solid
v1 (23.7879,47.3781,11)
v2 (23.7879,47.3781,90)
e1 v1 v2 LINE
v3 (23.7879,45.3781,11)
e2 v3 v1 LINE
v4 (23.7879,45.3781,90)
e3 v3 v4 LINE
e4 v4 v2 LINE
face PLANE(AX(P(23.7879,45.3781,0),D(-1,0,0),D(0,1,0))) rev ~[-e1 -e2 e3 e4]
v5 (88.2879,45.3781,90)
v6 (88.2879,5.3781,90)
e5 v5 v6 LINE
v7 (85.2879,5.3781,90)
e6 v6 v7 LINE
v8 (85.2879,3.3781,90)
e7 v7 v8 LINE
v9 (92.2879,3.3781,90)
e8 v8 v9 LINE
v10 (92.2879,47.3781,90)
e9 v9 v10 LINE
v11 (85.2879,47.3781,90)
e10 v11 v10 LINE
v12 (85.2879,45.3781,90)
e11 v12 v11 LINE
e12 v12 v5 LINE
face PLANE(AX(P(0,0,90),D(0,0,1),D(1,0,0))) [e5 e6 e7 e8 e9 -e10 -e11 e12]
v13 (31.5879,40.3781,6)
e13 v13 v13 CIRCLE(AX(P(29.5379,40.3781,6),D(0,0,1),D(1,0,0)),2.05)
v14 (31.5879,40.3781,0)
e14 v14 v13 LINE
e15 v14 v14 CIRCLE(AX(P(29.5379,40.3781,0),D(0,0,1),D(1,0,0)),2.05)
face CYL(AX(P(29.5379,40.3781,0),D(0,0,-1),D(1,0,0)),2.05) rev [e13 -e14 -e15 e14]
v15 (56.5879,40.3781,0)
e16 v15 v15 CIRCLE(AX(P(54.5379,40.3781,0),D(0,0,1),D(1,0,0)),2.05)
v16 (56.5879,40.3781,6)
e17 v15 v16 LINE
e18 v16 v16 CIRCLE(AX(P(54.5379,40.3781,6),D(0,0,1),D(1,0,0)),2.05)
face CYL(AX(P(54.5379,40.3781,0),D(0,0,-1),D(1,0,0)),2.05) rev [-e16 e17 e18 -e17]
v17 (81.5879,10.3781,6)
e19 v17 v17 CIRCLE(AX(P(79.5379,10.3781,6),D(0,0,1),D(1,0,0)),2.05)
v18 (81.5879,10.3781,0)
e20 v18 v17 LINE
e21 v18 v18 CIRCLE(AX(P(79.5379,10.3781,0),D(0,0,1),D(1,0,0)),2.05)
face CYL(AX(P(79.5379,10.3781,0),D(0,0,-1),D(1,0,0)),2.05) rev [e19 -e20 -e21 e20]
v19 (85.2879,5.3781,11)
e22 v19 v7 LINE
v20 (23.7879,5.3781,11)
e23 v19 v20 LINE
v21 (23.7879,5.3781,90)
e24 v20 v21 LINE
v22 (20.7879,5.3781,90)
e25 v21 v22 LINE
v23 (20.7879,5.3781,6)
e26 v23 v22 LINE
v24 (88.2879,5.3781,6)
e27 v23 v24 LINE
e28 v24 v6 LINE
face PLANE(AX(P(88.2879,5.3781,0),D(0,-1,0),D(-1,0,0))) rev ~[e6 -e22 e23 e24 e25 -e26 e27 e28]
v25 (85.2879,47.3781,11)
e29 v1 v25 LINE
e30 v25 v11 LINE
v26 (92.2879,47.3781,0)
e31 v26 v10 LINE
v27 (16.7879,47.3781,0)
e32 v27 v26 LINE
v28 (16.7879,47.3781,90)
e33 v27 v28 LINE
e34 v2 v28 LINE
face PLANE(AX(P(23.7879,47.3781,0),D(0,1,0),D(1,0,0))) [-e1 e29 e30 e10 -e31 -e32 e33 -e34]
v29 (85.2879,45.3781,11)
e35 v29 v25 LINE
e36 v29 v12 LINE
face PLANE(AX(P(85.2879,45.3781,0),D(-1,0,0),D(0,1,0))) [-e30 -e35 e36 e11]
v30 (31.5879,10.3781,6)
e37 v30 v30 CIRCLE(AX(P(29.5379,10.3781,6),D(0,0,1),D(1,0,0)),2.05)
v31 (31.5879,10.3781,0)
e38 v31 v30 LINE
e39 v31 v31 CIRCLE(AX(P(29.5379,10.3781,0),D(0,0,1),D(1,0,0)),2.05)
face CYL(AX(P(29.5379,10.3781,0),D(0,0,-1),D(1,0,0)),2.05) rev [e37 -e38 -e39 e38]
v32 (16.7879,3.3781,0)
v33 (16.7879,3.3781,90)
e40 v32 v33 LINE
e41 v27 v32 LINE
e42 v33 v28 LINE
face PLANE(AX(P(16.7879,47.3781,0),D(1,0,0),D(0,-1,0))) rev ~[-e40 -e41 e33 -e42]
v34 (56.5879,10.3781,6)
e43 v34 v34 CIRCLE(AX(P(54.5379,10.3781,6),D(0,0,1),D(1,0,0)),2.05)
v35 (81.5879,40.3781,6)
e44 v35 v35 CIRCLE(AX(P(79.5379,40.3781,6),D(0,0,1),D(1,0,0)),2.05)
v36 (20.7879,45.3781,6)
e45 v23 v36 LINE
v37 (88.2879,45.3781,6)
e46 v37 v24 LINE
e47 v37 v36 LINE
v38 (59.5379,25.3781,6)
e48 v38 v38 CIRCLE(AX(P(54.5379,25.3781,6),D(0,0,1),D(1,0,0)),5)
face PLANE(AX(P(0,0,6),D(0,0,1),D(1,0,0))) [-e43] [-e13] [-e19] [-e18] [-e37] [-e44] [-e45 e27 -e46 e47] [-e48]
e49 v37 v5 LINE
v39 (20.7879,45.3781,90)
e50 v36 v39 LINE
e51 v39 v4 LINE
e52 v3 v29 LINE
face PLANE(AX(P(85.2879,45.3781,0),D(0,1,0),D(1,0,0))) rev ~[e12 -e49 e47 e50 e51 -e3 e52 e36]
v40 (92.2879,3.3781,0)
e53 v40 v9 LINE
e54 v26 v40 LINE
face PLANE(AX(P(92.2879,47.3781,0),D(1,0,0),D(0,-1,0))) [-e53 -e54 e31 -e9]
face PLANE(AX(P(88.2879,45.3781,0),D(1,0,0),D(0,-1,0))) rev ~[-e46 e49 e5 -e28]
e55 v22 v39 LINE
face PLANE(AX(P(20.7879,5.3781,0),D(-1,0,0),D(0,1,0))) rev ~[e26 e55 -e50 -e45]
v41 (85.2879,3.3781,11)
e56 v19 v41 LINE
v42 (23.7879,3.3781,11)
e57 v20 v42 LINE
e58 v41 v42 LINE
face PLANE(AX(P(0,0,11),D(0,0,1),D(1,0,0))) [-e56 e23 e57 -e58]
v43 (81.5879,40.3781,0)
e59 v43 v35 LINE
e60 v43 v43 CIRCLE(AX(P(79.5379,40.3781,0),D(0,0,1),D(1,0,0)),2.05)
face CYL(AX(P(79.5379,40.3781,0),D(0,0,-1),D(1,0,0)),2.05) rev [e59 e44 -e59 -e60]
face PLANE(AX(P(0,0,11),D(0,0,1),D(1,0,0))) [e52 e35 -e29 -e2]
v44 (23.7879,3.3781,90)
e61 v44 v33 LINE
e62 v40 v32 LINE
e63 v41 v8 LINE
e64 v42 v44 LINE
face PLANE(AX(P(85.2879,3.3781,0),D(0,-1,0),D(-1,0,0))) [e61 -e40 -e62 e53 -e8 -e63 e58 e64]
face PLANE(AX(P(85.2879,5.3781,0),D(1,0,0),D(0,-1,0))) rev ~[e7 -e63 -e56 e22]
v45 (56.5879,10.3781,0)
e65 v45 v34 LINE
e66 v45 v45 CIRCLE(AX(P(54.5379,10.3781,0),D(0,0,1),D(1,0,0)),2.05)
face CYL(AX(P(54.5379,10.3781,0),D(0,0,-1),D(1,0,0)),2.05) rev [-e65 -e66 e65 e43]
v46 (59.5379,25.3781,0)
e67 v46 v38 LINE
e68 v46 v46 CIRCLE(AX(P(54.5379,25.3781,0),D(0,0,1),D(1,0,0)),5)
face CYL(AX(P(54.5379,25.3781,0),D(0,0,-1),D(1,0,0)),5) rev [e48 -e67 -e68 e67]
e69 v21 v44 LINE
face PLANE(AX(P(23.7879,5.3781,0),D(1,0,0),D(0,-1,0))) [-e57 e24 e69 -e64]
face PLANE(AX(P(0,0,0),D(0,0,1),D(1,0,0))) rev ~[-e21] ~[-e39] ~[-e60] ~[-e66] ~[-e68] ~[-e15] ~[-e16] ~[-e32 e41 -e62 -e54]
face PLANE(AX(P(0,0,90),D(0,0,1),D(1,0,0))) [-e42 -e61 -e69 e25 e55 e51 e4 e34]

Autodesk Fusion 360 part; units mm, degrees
sketch "Schizzo1" plane through (0, 0, 0) normal (0, 0, 1) x (1, 0, 0)
  line L0 (20.7879, 45.3781) -> (88.2879, 45.3781)
  line L1 (88.2879, 45.3781) -> (88.2879, 5.3781)
  line L2 (88.2879, 5.3781) -> (20.7879, 5.3781)
  line L3 (20.7879, 5.3781) -> (20.7879, 45.3781)
  line L4 (20.7879, 45.3781) -> (16.7879, 45.3781)
  line L5 (16.7879, 45.3781) -> (16.7879, 5.3781)
  line L6 (16.7879, 5.3781) -> (20.7879, 5.3781)
  line L7 (20.7879, 5.3781) -> (20.7879, 45.3781)
  line L8 (54.5379, 45.3781) -> (54.5379, 5.3781) construction
  line L9 (88.2879, 25.3781) -> (20.7879, 25.3781) construction
  line L10 (92.2879, 45.3781) -> (92.2879, 5.3781)
  line L11 (88.2879, 5.3781) -> (88.2879, 45.3781)
  line L12 (92.2879, 5.3781) -> (88.2879, 5.3781)
  line L13 (88.2879, 45.3781) -> (92.2879, 45.3781)
  line L14 (79.5379, 10.3781) -> (29.5379, 10.3781) construction
  line L15 (29.5379, 10.3781) -> (29.5379, 40.3781) construction
  line L16 (29.5379, 40.3781) -> (79.5379, 40.3781) construction
  line L17 (79.5379, 40.3781) -> (79.5379, 10.3781) construction
  line L18 (79.5379, 10.3781) -> (29.5379, 40.3781) construction
  line L19 (29.5379, 10.3781) -> (79.5379, 40.3781) construction
  circle A0 centre (29.5379, 40.3781) radius 2.05
  circle A1 centre (79.5379, 40.3781) radius 2.05
  circle A2 centre (29.5379, 10.3781) radius 2.05
  circle A3 centre (79.5379, 10.3781) radius 2.05
  circle A4 centre (54.5379, 40.3781) radius 2.05
  circle A5 centre (54.5379, 10.3781) radius 2.05
  line L20 (16.7879, 5.3781) -> (23.7879, 5.3781)
  line L21 (23.7879, 5.3781) -> (23.7879, 3.3781)
  line L22 (23.7879, 3.3781) -> (16.7879, 3.3781)
  line L23 (16.7879, 3.3781) -> (16.7879, 5.3781)
  line L24 (16.7879, 45.3781) -> (23.7879, 45.3781)
  line L25 (23.7879, 47.3781) -> (16.7879, 47.3781)
  line L26 (23.7879, 45.3781) -> (23.7879, 47.3781)
  line L27 (16.7879, 47.3781) -> (16.7879, 45.3781)
  line L28 (92.2879, 45.3781) -> (85.2879, 45.3781)
  line L29 (92.2879, 5.3781) -> (85.2879, 5.3781)
  line L30 (85.2879, 3.3781) -> (92.2879, 3.3781)
  line L31 (85.2879, 5.3781) -> (85.2879, 3.3781)
  line L32 (92.2879, 3.3781) -> (92.2879, 5.3781)
  line L33 (85.2879, 47.3781) -> (92.2879, 47.3781)
  line L34 (85.2879, 45.3781) -> (85.2879, 47.3781)
  line L35 (92.2879, 47.3781) -> (92.2879, 45.3781)
  circle A6 centre (54.5379, 25.3781) radius 5
  line L36 (23.7879, 5.3781) -> (85.2879, 5.3781)
  line L37 (85.2879, 5.3781) -> (85.2879, 3.3781)
  line L38 (85.2879, 3.3781) -> (23.7879, 3.3781)
  line L39 (23.7879, 3.3781) -> (23.7879, 5.3781)
  line L40 (23.7879, 47.3781) -> (85.2879, 47.3781)
  line L41 (85.2879, 47.3781) -> (85.2879, 45.3781)
  line L42 (85.2879, 45.3781) -> (23.7879, 45.3781)
  line L43 (23.7879, 45.3781) -> (23.7879, 47.3781)
  point P0 (54.5379, 25.3781)
  dimension "d1" = 67.5
  dimension "d2" = 40
  dimension "d3" = 4
  dimension "d4" = 50
  dimension "d5" = 30
  dimension "d6" = 4.1
  dimension "d8" = 4.1
  dimension "d13" = 7
  dimension "d14" = 2
  dimension "d15" = 10
  dimension "d19" = 7
  dimension "d20" = 75.5
extrude "Estrusione1" add sketch "Schizzo1" along normal blind 6 contours L0 L1 L2 L3 L7 L11 L20 L24 L28 L29 L36 L42 | L0 L26 L34 L40 L41 L42 L43 | L2 L21 L31 L36 L37 L38 L39
extrude "Estrusione2" add sketch "Schizzo1" along normal blind 90 contours L0 L4 L24 L25 L26 L27 L43 | L3 L4 L5 L6 L7 L20 L24 | L2 L6 L20 L21 L22 L23 L39 | L0 L13 L28 L33 L34 L35 L41 | L1 L10 L11 L12 L13 L28 L29 | L2 L12 L29 L30 L31 L32 L37
extrude "Estrusione3" add sketch "Schizzo1" along normal blind 5 from surface at 6 contours L0 L26 L34 L40 L41 L42 L43 | L2 L21 L31 L36 L37 L38 L39
equation "d8 = d6"
